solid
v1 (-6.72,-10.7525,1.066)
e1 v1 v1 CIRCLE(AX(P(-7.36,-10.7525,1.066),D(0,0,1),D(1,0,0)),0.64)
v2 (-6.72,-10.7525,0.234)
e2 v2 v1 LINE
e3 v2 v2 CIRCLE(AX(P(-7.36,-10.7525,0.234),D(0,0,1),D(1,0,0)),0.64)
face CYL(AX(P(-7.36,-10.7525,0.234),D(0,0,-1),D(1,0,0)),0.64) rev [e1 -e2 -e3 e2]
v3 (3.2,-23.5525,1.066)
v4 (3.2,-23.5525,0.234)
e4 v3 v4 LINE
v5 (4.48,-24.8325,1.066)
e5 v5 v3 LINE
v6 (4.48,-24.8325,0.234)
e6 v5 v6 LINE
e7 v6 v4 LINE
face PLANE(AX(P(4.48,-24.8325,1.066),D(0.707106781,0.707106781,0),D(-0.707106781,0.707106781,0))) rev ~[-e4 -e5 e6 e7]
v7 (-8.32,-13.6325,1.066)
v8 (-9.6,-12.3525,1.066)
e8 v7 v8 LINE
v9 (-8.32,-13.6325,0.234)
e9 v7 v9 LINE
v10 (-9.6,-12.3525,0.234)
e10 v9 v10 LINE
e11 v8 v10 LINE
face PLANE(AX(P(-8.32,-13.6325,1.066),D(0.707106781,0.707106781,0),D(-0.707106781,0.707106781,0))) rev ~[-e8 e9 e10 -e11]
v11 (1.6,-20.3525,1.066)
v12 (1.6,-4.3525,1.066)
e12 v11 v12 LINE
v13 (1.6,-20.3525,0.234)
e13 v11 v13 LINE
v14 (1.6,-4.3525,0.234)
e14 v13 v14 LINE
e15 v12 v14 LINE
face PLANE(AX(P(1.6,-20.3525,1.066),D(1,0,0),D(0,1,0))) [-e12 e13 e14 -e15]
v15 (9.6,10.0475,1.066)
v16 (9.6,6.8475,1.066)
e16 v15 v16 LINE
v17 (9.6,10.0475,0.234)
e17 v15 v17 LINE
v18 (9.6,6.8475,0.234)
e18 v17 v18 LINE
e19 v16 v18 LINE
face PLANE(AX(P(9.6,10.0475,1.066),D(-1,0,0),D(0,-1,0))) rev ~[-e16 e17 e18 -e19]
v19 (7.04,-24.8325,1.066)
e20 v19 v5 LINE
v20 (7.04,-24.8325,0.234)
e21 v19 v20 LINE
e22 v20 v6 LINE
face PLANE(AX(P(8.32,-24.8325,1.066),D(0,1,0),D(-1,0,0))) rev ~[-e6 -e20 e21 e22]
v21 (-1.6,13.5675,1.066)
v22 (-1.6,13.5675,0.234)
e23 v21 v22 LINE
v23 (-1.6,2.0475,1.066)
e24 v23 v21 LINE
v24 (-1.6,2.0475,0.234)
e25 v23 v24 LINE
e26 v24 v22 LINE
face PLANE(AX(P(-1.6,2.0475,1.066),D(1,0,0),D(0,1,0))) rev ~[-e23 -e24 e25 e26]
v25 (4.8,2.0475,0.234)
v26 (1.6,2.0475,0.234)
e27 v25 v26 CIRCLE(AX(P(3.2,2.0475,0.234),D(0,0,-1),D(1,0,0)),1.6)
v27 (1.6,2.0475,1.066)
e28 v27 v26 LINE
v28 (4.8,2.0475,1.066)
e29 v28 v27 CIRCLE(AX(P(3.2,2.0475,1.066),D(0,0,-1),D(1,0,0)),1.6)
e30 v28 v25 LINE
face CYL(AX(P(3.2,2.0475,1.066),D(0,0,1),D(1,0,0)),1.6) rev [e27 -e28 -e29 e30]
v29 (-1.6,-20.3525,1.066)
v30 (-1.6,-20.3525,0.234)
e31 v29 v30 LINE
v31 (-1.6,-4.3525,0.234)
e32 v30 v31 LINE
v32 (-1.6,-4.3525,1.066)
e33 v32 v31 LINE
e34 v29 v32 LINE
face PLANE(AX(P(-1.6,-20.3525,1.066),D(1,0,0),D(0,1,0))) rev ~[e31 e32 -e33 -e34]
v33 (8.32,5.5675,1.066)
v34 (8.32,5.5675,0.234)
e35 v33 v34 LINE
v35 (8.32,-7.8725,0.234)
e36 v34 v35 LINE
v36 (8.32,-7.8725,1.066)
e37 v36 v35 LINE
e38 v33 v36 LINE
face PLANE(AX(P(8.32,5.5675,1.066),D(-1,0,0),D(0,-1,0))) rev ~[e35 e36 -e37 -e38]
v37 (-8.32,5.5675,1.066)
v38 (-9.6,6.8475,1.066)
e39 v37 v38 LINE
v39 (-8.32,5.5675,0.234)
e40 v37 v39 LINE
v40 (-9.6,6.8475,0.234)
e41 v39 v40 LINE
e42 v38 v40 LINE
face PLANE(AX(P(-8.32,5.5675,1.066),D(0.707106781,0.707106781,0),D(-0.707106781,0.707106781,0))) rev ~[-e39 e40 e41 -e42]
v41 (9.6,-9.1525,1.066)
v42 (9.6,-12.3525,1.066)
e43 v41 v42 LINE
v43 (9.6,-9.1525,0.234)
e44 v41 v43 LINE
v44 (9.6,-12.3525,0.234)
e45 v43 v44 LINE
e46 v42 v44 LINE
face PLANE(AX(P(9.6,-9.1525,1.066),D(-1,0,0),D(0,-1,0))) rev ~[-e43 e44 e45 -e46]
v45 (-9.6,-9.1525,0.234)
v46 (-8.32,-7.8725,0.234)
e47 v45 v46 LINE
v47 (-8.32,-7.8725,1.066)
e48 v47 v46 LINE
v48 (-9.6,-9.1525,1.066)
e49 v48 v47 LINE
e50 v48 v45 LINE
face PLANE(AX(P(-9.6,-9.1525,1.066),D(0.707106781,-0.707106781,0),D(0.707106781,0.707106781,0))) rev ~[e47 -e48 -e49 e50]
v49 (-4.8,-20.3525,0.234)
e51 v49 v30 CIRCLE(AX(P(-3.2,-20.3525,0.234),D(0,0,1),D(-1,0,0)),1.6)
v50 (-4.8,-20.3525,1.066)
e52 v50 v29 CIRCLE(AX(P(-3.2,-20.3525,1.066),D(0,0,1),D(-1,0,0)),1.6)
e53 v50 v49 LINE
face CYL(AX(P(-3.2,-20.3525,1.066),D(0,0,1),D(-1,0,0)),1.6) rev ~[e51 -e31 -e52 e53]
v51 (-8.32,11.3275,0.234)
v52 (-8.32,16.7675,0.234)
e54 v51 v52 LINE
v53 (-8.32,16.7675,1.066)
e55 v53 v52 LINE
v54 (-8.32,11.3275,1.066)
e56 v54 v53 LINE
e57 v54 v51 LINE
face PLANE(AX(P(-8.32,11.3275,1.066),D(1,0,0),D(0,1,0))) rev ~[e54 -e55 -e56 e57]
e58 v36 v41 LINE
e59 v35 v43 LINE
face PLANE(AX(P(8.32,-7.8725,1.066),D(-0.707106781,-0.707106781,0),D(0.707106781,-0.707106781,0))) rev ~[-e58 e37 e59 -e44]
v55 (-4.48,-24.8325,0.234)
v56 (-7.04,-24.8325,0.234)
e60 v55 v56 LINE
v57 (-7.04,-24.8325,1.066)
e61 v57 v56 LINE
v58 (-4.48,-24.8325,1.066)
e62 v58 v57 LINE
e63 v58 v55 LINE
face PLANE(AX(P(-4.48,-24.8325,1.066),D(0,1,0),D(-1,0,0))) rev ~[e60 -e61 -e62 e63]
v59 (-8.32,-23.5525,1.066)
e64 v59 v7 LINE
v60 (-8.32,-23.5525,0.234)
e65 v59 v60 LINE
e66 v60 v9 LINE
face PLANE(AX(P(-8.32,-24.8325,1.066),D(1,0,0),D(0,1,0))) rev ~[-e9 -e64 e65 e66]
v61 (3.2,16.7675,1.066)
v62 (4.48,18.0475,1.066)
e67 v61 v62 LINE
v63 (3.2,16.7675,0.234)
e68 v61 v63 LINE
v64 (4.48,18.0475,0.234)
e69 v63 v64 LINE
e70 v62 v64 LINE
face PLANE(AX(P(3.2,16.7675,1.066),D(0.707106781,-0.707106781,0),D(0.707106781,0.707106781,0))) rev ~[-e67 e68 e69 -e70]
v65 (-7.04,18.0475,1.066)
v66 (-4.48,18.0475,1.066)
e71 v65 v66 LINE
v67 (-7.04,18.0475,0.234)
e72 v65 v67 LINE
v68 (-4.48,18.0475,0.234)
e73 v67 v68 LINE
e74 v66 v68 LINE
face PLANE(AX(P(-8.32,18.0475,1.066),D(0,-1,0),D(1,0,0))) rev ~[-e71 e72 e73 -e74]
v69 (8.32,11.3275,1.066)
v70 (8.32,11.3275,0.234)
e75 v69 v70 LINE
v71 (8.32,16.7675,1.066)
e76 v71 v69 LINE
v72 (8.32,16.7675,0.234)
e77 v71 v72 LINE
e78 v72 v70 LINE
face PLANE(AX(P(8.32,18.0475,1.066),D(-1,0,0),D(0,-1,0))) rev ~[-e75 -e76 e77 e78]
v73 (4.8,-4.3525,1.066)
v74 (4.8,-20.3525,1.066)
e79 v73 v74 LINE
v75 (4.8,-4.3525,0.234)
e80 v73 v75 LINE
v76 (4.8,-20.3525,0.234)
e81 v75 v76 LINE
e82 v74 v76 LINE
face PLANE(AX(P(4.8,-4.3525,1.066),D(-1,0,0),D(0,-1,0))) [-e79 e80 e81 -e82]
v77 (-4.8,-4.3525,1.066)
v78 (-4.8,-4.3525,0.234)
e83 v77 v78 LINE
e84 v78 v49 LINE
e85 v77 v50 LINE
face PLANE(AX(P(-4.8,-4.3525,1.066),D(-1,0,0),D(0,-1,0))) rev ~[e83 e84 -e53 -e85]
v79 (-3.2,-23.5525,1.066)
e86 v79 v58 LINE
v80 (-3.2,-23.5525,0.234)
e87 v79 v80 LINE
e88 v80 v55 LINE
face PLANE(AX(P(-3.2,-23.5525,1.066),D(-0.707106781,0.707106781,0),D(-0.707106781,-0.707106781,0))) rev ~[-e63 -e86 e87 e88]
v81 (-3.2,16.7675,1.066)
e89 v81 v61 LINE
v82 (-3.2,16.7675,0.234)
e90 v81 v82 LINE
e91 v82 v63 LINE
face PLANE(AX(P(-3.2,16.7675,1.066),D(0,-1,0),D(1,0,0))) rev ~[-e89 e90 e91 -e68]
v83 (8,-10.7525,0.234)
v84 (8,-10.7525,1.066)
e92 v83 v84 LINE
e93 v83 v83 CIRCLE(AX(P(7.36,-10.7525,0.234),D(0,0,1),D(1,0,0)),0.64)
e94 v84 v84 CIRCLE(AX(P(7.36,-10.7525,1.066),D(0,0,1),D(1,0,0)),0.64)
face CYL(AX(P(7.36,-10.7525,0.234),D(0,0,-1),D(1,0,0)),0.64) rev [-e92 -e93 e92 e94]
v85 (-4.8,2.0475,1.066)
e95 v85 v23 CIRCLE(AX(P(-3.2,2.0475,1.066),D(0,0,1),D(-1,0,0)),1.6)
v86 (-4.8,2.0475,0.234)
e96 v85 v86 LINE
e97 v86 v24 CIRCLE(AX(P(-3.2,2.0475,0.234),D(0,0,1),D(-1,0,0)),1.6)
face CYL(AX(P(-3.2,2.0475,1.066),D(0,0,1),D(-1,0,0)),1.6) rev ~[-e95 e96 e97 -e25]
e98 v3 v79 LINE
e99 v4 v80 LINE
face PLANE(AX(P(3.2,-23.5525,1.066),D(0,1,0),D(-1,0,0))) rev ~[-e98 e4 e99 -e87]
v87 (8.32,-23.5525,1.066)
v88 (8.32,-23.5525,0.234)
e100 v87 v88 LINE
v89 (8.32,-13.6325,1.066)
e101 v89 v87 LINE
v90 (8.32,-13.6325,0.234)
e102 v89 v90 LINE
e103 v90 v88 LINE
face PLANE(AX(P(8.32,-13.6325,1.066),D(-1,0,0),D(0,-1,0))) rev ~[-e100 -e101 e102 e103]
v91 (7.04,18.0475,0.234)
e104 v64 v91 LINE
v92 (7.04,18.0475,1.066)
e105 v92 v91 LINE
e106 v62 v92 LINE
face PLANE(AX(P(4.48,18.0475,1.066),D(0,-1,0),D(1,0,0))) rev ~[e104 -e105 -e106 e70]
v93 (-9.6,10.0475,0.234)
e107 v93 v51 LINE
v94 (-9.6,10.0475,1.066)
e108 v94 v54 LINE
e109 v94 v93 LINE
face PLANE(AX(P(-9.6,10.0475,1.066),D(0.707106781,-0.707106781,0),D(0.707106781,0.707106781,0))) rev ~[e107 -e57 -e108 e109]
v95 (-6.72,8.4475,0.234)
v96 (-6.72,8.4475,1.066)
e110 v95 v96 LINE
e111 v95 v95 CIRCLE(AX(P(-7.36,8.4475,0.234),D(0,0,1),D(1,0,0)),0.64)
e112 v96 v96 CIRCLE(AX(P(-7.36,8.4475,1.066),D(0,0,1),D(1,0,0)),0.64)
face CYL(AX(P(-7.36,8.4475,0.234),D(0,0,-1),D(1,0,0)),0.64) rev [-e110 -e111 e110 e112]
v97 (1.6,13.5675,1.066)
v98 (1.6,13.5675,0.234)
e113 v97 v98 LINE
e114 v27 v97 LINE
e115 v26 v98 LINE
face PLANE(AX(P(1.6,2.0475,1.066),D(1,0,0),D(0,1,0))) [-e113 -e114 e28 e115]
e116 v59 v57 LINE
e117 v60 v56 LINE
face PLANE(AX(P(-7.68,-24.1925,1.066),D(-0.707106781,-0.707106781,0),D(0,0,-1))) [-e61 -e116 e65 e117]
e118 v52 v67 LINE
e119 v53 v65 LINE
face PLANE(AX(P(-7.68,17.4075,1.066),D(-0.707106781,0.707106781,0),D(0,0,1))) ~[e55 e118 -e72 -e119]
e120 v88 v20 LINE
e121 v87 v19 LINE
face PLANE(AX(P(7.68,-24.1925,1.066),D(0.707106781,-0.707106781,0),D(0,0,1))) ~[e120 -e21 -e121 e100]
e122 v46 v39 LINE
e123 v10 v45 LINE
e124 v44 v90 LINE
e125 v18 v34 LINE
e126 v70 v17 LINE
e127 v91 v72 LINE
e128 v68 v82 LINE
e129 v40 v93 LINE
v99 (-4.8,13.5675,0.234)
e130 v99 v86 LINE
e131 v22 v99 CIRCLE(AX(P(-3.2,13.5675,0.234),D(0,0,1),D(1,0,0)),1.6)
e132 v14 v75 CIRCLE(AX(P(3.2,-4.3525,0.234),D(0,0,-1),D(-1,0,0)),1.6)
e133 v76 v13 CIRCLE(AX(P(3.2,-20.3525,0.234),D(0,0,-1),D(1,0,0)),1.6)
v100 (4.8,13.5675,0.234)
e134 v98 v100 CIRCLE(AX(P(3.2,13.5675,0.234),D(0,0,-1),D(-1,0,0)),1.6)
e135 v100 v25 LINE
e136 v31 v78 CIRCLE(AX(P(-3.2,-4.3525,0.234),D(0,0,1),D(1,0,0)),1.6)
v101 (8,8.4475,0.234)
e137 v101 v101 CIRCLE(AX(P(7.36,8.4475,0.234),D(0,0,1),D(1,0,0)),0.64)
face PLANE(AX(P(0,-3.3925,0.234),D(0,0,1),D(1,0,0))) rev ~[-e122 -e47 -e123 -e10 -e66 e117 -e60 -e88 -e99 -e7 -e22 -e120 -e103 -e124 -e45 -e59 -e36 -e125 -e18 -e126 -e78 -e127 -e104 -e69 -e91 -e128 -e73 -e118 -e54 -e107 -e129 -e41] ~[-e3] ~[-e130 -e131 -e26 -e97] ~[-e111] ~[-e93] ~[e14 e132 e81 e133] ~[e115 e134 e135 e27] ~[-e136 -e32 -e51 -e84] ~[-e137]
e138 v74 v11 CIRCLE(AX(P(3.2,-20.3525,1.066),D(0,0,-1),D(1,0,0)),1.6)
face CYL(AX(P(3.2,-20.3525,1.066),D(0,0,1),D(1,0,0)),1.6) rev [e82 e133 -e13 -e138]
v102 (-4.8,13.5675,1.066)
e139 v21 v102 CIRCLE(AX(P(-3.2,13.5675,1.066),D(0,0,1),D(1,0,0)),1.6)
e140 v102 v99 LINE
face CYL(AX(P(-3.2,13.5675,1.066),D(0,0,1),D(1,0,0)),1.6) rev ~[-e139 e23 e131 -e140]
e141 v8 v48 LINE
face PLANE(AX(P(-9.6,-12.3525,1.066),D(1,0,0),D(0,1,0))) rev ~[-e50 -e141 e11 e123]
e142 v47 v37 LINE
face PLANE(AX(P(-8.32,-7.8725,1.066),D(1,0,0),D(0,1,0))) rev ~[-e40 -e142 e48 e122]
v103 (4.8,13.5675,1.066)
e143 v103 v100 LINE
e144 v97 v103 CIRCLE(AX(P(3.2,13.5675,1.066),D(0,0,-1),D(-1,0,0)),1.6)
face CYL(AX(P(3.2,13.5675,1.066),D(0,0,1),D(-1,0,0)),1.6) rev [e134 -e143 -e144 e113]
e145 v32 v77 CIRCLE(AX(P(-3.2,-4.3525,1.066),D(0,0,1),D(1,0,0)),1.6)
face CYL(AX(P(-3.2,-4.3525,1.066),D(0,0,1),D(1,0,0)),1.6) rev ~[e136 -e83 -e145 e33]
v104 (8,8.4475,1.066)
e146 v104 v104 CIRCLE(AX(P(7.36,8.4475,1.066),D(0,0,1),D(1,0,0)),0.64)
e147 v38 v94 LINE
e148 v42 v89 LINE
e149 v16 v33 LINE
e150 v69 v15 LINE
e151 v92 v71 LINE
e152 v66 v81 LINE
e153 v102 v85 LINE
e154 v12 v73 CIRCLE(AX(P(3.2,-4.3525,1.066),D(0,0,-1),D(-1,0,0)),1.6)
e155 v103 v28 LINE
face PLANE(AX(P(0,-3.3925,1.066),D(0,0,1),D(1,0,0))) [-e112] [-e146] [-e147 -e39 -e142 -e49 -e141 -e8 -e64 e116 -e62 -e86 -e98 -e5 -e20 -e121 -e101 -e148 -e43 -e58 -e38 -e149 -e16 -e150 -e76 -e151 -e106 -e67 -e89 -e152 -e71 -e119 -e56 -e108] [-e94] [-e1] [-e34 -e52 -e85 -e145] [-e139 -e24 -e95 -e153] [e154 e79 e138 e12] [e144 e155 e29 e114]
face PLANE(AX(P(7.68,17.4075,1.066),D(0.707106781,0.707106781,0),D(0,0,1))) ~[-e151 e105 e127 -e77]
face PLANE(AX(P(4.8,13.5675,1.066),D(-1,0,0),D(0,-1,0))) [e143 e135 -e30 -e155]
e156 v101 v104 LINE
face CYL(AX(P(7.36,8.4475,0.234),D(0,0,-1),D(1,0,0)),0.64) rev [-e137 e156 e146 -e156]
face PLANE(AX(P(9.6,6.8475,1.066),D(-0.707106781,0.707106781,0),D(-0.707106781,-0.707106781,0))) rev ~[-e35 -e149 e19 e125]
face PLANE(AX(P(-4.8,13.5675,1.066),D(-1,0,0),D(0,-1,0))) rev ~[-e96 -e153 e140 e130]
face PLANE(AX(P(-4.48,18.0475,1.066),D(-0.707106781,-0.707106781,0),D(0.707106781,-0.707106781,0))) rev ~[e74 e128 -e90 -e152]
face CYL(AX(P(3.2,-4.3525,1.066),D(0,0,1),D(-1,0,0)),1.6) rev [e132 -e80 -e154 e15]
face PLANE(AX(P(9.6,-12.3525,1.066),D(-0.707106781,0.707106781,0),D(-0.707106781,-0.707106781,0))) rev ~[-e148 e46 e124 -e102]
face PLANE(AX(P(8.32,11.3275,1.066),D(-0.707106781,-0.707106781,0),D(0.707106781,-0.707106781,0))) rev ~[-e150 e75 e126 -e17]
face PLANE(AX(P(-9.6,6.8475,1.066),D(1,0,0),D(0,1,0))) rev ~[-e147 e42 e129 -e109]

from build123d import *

# Parameters (mm, degrees)
SKICA1_W                 = 30
SKICA1_H                 = 67
SKICA1_R                 = 1
P_IDAT_VYSUNUT_M1_DEPTH  = 1.3
ODEBRAT_VYSUNUT_M1_DEPTH = 1.3
ZKOSEN_1_SIZE            = 2
SCALA1_SCALE             = 0.64


with BuildPart() as part:
    # Skica1 → Přidat vysunutím1 (new body)
    with BuildSketch(Plane.XY):
        with Locations((0, -3.5)):
            Rectangle(SKICA1_W, SKICA1_H)
        with Locations((-11.5, 15)):
            Circle(SKICA1_R, mode=Mode.SUBTRACT)
        with Locations((-11.5, -15)):
            Circle(SKICA1_R, mode=Mode.SUBTRACT)
        with Locations((11.5, -15)):
            Circle(SKICA1_R, mode=Mode.SUBTRACT)
        with Locations((11.5, 15)):
            Circle(SKICA1_R, mode=Mode.SUBTRACT)
    extrude(amount=P_IDAT_VYSUNUT_M1_DEPTH)

    # Skica2 → Odebrat vysunutím1 (cut)
    with BuildSketch(Plane.XY.offset(1.3)):
        Polygon((-15, 12.5), (-15, 17.5), (-15, 30), (-13, 30), (-7, 30), (0, 30), (0, 36.174813822), (-21.495608396, 36.174813822), (-21.495608396, -40.537143206), (0, -40.537143206), (0, -37), (-7, -37), (-13, -37), (-15, -37), (-15, -17.5), (-15, -12.5), align=None)
        Polygon((0, 36.174813822), (0, 30), (7, 30), (13, 30), (15, 30), (15, 17.5), (15, 12.5), (15, -12.5), (15, -17.5), (15, -37), (13, -37), (7, -37), (0, -37), (0, -40.537143206), (21.495608396, -40.537143206), (21.495608396, 36.174813822), align=None)
        Polygon((15, 30), (13, 30), (13, 19.5), (15, 17.5), align=None)
        Polygon((15, -12.5), (15, 12.5), (13, 10.5), (13, -10.5), align=None)
        Polygon((13, -19.5), (13, -37), (15, -37), (15, -17.5), align=None)
        Polygon((0, -35), (0, -37), (7, -37), (5, -35), align=None)
        Polygon((-5, -35), (-7, -37), (0, -37), (0, -35), align=None)
        Polygon((-13, -19.5), (-15, -17.5), (-15, -37), (-13, -37), align=None)
        Polygon((-13, 10.5), (-15, 12.5), (-15, -12.5), (-13, -10.5), align=None)
        Polygon((-15, 30), (-15, 17.5), (-13, 19.5), (-13, 30), align=None)
        Polygon((7, 30), (0, 30), (0, 28), (5, 28), align=None)
        Polygon((0, 30), (-7, 30), (-5, 28), (0, 28), align=None)
        with BuildLine():
            Line((-7.5, 23), (-7.5, 5))
            ThreePointArc((-7.5, 5), (-5, 2.5), (-2.5, 5))
            Line((-2.5, 5), (-2.5, 23))
            ThreePointArc((-2.5, 23), (-5, 25.5), (-7.5, 23))
        make_face()
        with BuildLine():
            ThreePointArc((7.5, 5), (5, 2.5), (2.5, 5))
            Line((2.5, 5), (2.5, 23))
            ThreePointArc((2.5, 23), (5, 25.5), (7.5, 23))
            Line((7.5, 23), (7.5, 5))
        make_face()
        with BuildLine():
            ThreePointArc((7.5, -30), (5, -32.5), (2.5, -30))
            Line((2.5, -30), (2.5, -5))
            ThreePointArc((2.5, -5), (5, -2.5), (7.5, -5))
            Line((7.5, -5), (7.5, -30))
        make_face()
        with BuildLine():
            Line((-7.5, -5), (-7.5, -30))
            ThreePointArc((-7.5, -30), (-5, -32.5), (-2.5, -30))
            Line((-2.5, -30), (-2.5, -5))
            ThreePointArc((-2.5, -5), (-5, -2.5), (-7.5, -5))
        make_face()
    extrude(amount=-ODEBRAT_VYSUNUT_M1_DEPTH, mode=Mode.SUBTRACT)

    # Zkosení1
    zkosen_1_edges = [part.edges().sort_by_distance(p)[0] for p in [
        (13, 30, 0.65),
        (-13, 30, 0.65),
        (-13, -37, 0.65),
        (13, -37, 0.65),
    ]]
    chamfer(zkosen_1_edges, length=ZKOSEN_1_SIZE)


with BuildPart() as part_1:
    # Scala1: scaled about (0, -3.201388425, 0.65)
    add(part.part.scale(SCALA1_SCALE).moved(Location((0, -1.152499833, 0.234))))


solid = part_1.part
